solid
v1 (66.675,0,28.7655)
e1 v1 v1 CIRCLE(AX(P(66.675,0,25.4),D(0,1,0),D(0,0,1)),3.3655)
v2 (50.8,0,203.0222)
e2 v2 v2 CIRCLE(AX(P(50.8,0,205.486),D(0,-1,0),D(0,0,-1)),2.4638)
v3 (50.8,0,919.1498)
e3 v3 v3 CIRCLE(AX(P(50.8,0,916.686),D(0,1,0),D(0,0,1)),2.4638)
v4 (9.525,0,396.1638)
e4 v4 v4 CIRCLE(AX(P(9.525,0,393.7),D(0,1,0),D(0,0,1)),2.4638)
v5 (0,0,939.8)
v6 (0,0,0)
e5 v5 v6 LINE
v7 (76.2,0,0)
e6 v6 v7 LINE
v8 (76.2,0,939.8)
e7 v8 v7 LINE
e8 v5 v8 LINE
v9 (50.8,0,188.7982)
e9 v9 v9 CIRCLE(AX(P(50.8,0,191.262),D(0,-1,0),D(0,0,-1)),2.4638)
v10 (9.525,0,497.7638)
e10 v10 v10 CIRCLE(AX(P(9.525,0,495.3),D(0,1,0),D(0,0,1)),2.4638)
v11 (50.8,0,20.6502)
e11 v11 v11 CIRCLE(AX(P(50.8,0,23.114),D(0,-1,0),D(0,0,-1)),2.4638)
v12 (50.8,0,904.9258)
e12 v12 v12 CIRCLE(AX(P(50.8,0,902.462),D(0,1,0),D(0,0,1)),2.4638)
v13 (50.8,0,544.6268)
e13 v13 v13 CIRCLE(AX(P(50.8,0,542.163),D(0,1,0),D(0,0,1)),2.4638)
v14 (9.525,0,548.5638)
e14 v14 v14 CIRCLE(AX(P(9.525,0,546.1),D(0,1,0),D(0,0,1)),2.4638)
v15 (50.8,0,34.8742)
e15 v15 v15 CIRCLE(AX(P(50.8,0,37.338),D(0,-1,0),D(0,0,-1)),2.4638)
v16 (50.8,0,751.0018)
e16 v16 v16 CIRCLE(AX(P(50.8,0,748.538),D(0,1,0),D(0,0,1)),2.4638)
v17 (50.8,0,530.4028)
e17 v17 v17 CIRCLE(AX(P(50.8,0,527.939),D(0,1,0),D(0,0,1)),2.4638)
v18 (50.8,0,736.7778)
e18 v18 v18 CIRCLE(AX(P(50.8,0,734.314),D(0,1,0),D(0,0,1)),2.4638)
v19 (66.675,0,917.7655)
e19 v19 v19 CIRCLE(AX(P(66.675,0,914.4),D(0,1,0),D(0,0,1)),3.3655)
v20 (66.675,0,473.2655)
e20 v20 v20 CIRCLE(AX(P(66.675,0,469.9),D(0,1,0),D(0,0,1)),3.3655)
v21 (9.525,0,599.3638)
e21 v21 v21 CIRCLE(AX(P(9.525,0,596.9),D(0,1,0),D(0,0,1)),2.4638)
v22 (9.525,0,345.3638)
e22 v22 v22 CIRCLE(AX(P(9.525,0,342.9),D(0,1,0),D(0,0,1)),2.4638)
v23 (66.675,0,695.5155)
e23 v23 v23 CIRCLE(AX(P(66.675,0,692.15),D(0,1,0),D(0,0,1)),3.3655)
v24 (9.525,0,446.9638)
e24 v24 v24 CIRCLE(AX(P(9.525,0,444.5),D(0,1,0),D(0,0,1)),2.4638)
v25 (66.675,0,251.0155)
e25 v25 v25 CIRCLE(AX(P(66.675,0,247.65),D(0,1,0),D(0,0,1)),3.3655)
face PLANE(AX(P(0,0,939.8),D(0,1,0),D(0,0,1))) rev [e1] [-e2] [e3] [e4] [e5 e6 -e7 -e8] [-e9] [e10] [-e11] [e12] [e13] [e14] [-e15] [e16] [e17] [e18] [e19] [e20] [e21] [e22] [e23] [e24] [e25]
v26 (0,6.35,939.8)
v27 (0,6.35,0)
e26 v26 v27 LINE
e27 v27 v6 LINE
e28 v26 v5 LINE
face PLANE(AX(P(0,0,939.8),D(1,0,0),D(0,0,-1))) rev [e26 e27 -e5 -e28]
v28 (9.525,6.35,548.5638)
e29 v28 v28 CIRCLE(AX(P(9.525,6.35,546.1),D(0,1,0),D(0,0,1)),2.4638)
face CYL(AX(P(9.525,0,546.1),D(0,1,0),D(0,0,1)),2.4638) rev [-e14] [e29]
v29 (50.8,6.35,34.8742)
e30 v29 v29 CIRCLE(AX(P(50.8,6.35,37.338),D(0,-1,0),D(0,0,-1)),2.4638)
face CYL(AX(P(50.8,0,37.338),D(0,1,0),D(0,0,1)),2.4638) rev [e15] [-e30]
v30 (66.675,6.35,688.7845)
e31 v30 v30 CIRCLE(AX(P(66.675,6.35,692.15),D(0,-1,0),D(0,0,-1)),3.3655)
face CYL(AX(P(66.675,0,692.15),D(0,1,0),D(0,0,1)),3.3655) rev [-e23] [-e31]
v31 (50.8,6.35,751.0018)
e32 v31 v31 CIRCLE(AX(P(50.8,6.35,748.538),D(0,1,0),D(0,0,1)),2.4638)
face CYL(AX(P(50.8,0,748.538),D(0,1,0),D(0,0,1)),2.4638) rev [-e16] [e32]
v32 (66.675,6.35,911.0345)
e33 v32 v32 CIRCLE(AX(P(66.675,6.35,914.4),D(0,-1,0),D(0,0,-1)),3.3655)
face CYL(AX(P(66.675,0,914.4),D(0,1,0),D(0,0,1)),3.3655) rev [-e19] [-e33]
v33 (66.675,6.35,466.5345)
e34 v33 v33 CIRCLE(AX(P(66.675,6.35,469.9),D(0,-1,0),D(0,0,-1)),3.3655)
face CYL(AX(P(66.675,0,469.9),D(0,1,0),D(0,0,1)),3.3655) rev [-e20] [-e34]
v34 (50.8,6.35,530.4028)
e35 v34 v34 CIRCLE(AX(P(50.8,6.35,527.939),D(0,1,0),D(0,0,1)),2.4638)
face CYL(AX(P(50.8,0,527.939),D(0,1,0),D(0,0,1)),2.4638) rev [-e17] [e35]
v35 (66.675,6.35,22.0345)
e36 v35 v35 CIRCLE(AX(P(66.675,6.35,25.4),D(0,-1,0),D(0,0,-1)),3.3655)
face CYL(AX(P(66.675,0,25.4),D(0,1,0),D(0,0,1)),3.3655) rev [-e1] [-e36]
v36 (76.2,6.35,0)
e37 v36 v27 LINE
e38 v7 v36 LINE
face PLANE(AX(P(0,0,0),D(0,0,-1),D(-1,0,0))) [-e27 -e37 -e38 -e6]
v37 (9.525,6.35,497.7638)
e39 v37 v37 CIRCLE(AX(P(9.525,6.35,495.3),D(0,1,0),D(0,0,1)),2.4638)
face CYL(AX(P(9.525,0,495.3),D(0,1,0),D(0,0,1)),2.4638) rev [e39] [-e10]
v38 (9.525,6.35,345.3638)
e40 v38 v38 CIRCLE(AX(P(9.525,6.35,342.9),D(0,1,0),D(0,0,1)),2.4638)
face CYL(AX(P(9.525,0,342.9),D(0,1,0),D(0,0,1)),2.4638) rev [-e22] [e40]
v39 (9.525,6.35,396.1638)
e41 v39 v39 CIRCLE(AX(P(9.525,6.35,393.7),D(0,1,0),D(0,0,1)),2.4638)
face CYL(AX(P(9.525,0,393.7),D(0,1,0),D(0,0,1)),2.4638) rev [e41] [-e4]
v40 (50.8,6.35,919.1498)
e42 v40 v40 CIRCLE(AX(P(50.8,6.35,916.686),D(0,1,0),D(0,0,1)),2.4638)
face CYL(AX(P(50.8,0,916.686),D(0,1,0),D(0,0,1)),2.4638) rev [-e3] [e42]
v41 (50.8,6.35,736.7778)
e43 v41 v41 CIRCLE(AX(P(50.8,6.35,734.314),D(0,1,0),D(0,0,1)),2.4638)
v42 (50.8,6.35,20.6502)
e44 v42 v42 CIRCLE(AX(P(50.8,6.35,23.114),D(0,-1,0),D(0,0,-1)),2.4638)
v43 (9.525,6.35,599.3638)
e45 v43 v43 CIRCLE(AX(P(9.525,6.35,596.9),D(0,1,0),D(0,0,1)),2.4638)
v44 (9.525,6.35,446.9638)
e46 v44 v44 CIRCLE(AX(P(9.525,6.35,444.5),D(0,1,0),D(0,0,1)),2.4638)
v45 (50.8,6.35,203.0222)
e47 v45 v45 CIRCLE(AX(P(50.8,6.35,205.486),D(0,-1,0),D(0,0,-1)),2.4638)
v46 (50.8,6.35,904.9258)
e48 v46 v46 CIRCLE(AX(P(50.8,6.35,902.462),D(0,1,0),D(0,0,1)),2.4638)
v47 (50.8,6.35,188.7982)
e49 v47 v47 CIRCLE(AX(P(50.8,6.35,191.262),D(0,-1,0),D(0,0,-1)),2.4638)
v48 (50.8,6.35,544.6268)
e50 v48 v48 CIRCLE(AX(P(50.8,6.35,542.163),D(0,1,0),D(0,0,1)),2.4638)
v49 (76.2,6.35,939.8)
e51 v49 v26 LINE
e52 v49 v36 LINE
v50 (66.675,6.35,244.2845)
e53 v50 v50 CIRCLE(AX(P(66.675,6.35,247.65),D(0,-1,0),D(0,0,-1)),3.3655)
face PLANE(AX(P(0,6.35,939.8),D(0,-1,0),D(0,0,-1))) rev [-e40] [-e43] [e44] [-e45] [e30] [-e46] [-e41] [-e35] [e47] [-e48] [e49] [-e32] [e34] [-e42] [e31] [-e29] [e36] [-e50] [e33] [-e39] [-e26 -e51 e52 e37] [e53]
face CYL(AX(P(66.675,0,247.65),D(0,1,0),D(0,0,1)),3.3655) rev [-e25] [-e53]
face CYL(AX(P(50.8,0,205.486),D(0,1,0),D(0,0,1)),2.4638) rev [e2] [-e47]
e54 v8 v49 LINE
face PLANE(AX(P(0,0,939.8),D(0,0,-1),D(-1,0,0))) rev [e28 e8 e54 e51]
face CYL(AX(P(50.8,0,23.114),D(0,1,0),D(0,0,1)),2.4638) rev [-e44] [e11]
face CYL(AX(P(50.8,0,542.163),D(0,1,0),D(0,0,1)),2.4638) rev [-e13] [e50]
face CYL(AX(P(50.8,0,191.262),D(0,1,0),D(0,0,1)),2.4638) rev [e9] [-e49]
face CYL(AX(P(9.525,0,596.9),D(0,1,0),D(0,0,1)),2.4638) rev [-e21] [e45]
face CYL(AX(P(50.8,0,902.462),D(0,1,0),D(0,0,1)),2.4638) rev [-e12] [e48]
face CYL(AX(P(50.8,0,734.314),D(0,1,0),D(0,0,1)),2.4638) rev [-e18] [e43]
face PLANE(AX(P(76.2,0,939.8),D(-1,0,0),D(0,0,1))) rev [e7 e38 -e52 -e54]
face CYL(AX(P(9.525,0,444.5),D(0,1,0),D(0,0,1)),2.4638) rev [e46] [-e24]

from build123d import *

# Parameters (mm, degrees)
SKETCH1_W               = 76.2
SKETCH1_H               = 6.35
BOSS_EXTRUDE1_DEPTH     = 939.8
SKETCH2_R               = 2.4638
CUT_EXTRUDE1_DEPTH      = 7.35
LPATTERN1_COUNT         = 6
LPATTERN1_PITCH         = 50.8
SKETCH3_R               = 2.4638
CUT_EXTRUDE2_DEPTH      = 7.35
SKETCH4_R               = 2.4638
CUT_EXTRUDE3_DEPTH      = 7.35
SKETCH5_R               = 3.3655
CUT_EXTRUDE4_DEPTH      = 1
CUT_EXTRUDE4_DEPTH_BACK = 7.35


with BuildPart() as part:
    # Sketch1 → Boss-Extrude1 (new body)
    with BuildSketch(Plane.XY):
        with Locations((38.1, 3.175)):
            Rectangle(SKETCH1_W, SKETCH1_H)
    extrude(amount=BOSS_EXTRUDE1_DEPTH)

    # Sketch2 → Cut-Extrude1 (cut, through all)
    with BuildSketch(Plane(origin=(0, 6.35, 0), x_dir=(1, 0, 0), z_dir=(0, 1, 0))):
        with Locations((9.525, -596.9)):
            Circle(SKETCH2_R)
    cut_extrude1 = extrude(amount=-CUT_EXTRUDE1_DEPTH, mode=Mode.SUBTRACT)

    # LPattern1: Cut-Extrude1 ×6
    with Locations(*[(0, 0, -i * LPATTERN1_PITCH) for i in range(1, LPATTERN1_COUNT)]):
        add(cut_extrude1, mode=Mode.SUBTRACT)

    # Sketch3 → Cut-Extrude2 (cut, through all)
    with BuildSketch(Plane(origin=(0, 6.35, 0), x_dir=(1, 0, 0), z_dir=(0, 1, 0))):
        with Locations((50.8, -527.939)):
            Circle(SKETCH3_R)
        with Locations((50.8, -542.163)):
            Circle(SKETCH3_R)
    extrude(amount=-CUT_EXTRUDE2_DEPTH, mode=Mode.SUBTRACT)

    # Sketch4 → Cut-Extrude3 (cut, through all)
    with BuildSketch(Plane(origin=(0, 6.35, 0), x_dir=(1, 0, 0), z_dir=(0, 1, 0))):
        with Locations((50.8, -916.686)):
            Circle(SKETCH4_R)
        with Locations((50.8, -902.462)):
            Circle(SKETCH4_R)
        with Locations((50.8, -748.538)):
            Circle(SKETCH4_R)
        with Locations((50.8, -734.314)):
            Circle(SKETCH4_R)
    cut_extrude3 = extrude(amount=-CUT_EXTRUDE3_DEPTH, mode=Mode.SUBTRACT)

    # Mirror1: Cut-Extrude3 across plane
    add(cut_extrude3.mirror(Plane.XY.offset(469.9)), mode=Mode.SUBTRACT)

    # Sketch5 → Cut-Extrude4 (cut, two sides)
    with BuildSketch(Plane(origin=(0, 6.35, 0), x_dir=(1, 0, 0), z_dir=(0, 1, 0))) as cut_extrude4_sk:
        with Locations((66.675, -469.9)):
            Circle(SKETCH5_R)
        with Locations((66.675, -247.65)):
            Circle(SKETCH5_R)
        with Locations((66.675, -25.4)):
            Circle(SKETCH5_R)
        with Locations((66.675, -692.15)):
            Circle(SKETCH5_R)
        with Locations((66.675, -914.4)):
            Circle(SKETCH5_R)
    extrude(amount=CUT_EXTRUDE4_DEPTH, mode=Mode.SUBTRACT)
    extrude(cut_extrude4_sk.sketch, amount=-CUT_EXTRUDE4_DEPTH_BACK, mode=Mode.SUBTRACT)


solid = part.part
